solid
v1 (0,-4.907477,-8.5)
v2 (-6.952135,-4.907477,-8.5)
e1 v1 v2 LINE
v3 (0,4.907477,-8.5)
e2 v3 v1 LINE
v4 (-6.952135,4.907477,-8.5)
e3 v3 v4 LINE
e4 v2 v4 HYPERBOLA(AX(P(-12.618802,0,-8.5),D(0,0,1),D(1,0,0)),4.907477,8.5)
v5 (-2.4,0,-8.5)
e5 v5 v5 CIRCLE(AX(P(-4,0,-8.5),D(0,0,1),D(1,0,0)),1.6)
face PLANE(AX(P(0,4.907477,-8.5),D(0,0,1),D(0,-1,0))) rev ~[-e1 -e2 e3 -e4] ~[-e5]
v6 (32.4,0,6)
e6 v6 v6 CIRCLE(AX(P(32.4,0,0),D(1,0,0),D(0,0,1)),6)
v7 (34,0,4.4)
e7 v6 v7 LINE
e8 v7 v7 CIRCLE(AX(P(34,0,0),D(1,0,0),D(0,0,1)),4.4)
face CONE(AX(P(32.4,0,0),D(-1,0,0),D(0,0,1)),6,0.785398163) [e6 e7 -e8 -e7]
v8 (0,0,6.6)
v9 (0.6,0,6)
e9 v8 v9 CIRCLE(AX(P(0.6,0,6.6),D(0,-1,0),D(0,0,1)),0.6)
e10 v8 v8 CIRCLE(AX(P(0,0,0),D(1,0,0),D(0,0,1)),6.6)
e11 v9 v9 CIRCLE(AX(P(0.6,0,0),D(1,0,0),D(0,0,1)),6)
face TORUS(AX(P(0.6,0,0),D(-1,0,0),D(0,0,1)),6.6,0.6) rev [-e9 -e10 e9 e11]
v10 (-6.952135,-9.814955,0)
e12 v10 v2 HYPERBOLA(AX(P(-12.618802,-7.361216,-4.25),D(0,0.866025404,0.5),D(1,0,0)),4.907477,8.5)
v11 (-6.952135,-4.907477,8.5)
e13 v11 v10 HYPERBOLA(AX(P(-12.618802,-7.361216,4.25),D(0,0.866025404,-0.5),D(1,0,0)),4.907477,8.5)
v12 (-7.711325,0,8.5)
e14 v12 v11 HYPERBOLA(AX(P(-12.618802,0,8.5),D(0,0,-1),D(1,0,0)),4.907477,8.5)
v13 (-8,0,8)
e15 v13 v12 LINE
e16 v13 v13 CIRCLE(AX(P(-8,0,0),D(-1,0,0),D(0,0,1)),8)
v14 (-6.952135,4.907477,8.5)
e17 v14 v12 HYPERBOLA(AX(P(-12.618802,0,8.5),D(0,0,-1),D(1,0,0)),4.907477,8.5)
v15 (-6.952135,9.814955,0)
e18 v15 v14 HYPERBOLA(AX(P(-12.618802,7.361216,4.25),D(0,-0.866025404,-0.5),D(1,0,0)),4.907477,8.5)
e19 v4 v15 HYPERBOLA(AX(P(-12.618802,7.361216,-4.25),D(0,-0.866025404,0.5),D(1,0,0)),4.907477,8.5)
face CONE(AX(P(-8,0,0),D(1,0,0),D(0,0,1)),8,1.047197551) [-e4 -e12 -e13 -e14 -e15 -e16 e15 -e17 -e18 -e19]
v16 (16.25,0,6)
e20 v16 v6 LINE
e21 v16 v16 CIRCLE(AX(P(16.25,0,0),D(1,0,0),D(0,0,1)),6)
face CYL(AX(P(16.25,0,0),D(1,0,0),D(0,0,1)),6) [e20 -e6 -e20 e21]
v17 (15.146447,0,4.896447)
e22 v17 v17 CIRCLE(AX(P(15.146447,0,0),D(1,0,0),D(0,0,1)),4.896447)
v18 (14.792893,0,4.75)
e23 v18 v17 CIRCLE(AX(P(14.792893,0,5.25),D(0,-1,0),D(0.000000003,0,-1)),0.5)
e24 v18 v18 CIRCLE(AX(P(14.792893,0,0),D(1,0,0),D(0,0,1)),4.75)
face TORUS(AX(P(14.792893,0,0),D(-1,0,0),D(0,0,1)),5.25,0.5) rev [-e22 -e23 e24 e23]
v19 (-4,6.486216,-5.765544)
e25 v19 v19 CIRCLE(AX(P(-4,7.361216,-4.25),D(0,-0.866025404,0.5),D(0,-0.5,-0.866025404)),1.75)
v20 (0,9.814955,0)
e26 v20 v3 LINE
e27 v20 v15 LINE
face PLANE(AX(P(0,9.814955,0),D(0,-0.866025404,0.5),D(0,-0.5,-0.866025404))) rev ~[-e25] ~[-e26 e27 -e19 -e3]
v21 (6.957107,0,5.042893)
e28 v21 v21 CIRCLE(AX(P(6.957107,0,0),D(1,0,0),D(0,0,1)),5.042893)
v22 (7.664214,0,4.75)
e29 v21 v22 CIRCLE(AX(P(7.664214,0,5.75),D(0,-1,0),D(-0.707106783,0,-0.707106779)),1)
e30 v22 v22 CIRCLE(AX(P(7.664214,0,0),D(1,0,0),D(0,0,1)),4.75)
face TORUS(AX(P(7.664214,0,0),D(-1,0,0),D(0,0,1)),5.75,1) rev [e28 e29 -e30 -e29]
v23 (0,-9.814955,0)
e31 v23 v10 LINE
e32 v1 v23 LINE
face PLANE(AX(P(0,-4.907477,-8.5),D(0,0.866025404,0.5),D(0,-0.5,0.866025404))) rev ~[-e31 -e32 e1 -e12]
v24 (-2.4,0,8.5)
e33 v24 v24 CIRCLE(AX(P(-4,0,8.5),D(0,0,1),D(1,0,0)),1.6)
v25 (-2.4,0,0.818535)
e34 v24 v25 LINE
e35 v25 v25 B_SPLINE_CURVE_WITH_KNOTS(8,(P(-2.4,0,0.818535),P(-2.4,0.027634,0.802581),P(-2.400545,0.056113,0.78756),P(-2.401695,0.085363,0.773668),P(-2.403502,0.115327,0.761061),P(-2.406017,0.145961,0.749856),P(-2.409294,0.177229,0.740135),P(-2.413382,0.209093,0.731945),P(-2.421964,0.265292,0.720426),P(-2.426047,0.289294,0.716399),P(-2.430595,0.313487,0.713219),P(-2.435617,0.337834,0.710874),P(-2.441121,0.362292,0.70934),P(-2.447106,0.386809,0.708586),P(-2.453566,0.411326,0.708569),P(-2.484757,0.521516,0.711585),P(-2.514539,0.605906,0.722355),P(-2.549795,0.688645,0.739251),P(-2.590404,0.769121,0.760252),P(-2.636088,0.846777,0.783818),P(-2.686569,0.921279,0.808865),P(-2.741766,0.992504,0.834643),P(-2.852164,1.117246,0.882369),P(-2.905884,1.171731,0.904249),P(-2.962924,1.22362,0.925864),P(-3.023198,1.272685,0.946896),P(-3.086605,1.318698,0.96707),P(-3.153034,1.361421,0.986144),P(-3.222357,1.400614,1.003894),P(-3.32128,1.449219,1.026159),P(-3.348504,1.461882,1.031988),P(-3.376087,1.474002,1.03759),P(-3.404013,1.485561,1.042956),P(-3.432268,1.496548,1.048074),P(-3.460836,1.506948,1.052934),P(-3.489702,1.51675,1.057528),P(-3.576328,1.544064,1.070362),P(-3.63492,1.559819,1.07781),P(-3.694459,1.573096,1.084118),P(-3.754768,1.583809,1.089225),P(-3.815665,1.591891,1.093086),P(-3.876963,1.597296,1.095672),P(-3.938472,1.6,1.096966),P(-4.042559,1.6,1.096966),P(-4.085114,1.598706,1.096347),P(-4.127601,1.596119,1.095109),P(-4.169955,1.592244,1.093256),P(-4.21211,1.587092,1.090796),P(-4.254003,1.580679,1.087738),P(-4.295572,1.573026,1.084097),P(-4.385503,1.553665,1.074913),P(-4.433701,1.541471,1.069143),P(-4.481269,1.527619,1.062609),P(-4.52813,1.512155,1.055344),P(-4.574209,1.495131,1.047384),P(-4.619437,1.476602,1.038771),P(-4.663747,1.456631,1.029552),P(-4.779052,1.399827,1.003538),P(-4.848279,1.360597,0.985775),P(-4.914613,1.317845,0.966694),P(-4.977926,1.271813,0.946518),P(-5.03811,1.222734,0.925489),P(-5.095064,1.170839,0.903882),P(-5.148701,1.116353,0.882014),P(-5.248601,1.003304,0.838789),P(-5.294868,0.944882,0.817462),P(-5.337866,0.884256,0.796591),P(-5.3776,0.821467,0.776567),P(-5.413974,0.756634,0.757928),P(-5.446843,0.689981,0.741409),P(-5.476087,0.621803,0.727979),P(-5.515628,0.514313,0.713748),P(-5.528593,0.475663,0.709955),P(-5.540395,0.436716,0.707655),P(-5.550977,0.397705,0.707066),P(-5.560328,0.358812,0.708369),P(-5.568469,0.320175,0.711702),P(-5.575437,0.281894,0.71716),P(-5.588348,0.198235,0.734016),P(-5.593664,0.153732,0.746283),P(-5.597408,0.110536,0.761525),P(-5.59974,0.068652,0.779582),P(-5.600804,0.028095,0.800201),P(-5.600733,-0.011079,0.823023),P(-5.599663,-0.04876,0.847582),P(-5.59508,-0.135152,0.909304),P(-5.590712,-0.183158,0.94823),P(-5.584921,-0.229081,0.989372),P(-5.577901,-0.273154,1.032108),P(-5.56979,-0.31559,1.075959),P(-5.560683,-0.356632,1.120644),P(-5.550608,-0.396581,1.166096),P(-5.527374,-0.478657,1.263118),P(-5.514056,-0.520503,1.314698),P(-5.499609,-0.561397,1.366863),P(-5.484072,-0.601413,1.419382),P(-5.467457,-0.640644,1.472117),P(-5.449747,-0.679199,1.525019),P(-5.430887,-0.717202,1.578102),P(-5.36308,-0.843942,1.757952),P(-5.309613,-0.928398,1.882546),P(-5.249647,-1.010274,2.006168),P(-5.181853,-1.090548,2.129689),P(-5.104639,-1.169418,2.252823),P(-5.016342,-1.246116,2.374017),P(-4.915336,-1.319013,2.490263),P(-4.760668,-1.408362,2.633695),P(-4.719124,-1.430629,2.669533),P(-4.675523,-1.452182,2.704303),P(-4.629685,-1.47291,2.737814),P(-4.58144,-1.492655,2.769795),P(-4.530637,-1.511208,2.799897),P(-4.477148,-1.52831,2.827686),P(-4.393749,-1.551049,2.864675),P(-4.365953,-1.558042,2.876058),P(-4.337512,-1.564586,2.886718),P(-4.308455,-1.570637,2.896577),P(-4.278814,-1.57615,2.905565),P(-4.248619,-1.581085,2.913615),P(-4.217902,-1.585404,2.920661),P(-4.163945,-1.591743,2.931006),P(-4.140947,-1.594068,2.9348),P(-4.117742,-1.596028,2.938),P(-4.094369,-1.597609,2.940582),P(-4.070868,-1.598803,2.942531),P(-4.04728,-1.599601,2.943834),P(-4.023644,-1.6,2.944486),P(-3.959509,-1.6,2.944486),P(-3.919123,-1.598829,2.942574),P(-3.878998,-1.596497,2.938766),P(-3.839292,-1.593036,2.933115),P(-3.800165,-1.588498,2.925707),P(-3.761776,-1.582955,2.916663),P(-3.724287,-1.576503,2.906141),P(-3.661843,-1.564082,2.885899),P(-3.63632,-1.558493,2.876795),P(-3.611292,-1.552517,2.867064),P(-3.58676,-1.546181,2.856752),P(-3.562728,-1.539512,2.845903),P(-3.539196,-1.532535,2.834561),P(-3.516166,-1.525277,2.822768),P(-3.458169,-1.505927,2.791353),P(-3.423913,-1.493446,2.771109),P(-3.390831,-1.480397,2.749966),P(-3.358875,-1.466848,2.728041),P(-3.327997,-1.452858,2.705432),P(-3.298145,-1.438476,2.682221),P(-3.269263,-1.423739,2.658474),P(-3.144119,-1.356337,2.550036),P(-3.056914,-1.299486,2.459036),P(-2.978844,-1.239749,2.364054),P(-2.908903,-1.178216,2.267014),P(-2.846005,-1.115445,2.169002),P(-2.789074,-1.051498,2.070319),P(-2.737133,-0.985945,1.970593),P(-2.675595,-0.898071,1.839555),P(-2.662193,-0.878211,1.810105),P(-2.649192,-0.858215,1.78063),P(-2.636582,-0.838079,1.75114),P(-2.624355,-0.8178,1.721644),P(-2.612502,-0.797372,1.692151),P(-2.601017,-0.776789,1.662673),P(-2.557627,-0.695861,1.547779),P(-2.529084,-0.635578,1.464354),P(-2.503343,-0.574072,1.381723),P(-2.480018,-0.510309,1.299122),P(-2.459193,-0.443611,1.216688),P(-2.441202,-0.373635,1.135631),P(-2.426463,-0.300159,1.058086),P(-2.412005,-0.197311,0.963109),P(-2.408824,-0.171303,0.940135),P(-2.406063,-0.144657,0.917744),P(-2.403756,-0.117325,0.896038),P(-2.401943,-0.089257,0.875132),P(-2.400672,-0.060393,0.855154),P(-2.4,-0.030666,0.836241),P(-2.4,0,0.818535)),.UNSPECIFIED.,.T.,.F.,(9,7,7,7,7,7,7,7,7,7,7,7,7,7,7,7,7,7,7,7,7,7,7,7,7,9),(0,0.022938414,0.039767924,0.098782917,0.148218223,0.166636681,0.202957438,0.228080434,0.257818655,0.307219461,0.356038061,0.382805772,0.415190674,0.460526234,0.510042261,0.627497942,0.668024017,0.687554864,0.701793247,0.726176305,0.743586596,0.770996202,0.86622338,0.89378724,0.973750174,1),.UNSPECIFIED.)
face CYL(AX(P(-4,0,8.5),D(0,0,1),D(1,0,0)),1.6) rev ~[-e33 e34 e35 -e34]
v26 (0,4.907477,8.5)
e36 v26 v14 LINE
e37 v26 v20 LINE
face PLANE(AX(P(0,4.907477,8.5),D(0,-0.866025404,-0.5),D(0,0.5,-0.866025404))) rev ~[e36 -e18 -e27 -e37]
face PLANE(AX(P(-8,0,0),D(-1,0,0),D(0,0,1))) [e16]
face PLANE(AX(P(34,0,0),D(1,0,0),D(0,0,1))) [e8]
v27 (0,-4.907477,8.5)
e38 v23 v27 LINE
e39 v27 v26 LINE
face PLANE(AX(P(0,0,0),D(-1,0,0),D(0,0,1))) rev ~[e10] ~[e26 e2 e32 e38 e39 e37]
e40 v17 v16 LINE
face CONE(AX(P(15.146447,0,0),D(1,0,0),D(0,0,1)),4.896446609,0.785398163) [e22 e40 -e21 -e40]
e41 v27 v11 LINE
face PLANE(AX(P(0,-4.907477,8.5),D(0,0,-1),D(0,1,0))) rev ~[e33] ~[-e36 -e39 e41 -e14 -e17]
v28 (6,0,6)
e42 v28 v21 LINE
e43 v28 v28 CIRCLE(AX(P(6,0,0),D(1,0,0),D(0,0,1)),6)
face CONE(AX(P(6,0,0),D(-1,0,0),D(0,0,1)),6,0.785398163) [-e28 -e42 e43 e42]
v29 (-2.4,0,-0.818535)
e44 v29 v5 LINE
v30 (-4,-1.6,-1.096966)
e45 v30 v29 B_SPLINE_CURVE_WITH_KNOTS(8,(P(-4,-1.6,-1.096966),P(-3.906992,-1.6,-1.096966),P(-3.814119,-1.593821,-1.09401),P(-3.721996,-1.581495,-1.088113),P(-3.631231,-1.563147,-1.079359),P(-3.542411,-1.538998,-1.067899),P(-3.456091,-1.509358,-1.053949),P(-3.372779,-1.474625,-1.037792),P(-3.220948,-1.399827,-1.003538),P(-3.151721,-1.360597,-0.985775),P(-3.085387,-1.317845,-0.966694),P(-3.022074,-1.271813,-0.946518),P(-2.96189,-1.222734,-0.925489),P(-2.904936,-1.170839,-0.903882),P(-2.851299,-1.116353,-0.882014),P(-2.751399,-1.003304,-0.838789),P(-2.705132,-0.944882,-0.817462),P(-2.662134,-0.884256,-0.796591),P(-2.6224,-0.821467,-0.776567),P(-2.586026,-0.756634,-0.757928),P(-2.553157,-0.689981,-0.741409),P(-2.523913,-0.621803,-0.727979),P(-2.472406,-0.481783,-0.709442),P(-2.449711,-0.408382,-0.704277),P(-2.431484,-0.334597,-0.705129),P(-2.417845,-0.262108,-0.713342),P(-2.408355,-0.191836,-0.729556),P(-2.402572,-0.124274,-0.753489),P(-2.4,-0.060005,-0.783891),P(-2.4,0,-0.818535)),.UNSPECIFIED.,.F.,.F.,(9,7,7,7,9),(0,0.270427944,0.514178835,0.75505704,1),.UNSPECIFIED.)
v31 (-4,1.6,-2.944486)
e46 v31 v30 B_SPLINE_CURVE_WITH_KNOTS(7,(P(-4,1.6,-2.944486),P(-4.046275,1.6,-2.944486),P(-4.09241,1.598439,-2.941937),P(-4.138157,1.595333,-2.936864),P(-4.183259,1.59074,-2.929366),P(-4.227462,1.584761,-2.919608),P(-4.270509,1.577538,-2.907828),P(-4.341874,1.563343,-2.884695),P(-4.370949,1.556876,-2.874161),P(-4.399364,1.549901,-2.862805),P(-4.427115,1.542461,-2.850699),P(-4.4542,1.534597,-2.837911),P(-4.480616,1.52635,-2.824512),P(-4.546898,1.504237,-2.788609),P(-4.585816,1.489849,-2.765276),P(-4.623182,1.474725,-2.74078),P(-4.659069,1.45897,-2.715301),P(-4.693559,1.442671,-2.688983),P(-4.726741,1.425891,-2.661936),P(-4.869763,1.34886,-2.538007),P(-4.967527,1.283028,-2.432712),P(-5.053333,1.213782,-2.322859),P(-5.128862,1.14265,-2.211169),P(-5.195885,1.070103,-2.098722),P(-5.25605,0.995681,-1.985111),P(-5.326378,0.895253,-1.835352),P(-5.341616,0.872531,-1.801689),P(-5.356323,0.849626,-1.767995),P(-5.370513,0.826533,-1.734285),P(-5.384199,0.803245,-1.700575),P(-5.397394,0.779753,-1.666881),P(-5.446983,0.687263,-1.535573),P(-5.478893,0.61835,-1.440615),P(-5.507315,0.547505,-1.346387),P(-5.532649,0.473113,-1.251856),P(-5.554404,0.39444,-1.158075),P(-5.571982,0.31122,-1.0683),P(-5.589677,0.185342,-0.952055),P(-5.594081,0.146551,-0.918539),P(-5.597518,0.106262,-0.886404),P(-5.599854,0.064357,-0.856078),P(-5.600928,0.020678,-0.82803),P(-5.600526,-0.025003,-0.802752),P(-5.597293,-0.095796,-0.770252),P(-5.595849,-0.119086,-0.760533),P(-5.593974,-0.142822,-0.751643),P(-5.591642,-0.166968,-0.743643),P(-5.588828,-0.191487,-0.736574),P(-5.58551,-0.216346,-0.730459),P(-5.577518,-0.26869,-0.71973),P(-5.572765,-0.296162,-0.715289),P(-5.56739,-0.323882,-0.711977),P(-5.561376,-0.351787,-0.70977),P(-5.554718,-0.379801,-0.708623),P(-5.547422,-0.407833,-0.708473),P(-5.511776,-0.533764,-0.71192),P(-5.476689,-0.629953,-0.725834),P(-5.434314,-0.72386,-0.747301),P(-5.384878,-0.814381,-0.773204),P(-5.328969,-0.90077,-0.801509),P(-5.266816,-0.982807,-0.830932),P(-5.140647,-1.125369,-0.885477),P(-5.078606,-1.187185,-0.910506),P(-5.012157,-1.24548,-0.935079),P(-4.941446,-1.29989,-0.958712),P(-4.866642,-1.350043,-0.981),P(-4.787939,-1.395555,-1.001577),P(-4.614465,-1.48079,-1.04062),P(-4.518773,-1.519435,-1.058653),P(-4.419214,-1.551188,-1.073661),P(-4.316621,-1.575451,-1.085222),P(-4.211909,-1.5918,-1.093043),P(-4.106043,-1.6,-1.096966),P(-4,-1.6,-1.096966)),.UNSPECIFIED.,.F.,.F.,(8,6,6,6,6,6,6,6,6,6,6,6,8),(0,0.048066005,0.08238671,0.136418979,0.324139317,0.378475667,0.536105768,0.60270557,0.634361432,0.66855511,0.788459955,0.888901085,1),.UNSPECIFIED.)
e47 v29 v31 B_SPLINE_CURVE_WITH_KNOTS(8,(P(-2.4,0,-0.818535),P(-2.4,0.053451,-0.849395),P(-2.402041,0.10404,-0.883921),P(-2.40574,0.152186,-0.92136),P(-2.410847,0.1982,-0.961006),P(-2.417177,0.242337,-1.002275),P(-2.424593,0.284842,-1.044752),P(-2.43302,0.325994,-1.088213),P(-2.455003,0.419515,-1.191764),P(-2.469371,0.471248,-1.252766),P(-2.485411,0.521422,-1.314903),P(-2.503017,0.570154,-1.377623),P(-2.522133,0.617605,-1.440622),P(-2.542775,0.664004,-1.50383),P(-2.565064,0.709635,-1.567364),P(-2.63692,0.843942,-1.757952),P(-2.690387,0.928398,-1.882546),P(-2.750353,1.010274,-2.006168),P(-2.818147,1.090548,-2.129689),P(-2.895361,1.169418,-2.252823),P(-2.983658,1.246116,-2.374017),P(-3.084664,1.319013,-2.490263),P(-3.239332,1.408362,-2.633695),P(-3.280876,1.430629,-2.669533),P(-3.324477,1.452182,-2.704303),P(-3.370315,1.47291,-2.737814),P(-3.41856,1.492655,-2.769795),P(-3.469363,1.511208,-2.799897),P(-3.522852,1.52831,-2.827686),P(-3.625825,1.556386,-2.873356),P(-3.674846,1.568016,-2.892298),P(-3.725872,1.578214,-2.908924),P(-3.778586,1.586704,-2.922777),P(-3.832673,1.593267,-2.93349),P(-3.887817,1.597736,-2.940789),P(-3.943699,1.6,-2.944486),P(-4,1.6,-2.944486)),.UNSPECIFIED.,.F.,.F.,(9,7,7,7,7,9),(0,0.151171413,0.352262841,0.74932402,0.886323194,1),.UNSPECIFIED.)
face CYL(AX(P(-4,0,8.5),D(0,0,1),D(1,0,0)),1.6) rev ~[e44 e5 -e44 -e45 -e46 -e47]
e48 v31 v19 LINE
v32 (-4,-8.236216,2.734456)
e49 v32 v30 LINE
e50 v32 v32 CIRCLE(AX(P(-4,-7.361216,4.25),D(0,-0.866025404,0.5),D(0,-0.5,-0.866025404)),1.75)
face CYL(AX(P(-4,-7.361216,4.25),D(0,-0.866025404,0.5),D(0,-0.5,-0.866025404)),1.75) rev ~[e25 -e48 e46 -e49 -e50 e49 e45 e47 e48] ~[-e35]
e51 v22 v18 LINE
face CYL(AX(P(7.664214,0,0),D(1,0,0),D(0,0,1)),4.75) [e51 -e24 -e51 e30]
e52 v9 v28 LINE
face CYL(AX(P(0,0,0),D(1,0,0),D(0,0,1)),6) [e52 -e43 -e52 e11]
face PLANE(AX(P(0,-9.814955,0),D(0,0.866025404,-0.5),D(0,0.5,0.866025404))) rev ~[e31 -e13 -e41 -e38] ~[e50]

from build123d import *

# Parameters (mm, degrees)
EXTRUDE_1_DEPTH     = 8
SKETCH_3_OUTSIDE_W  = 184.626
SKETCH_3_OUTSIDE_H  = 187.256
SKETCH_3_OUTSIDE_R  = 8
CUT_EXTRUDE_1_DEPTH = 44.961157097
CUT_EXTRUDE_1_DRAFT = -60
FILLET_1_R          = 0.6
SKETCH_4_R          = 1.6
CUT_EXTRUDE_2_DEPTH = 40.259818305
SKETCH_5_R          = 1.75
CUT_EXTRUDE_3_DEPTH = 41.169432823


with BuildPart() as part:
    # Эскиз1 → Повернуть1 (revolve)
    with BuildSketch(Plane.XY, mode=Mode.PRIVATE) as revolve_1_sk:
        with BuildLine():
            Line((0, 0), (0, 6))
            Line((0, 6), (6, 6))
            Line((6, 6), (6.957106781, 5.042893219))
            ThreePointArc((6.957106781, 5.042893219), (7.28153013, 4.826120467), (7.664213562, 4.75))
            Line((7.664213562, 4.75), (14.792893219, 4.75))
            ThreePointArc((14.792893219, 4.75), (14.984234935, 4.788060234), (15.146446609, 4.896446609))
            Line((15.146446609, 4.896446609), (16.25, 6))
            Line((16.25, 6), (32.4, 6))
            Line((32.4, 6), (34, 4.4))
            Line((34, 4.4), (34, 0))
            Line((34, 0), (0, 0))
        make_face()
    revolve(revolve_1_sk.sketch.rotate(Axis((0, 0, 0), (1, 0, 0)), 90), axis=Axis((0, 0, 0), (1, 0, 0)))

    # Эскиз2 → Бобышка-Вытянуть1 (add)
    with BuildSketch(Plane.ZY):
        Polygon((0, -9.814954576), (8.5, -4.907477288), (8.5, 4.907477288), (0, 9.814954576), (-8.5, 4.907477288), (-8.5, -4.907477288), align=None)
    extrude(amount=EXTRUDE_1_DEPTH)


with BuildPart() as cut_extrude_1_tool:
    # Эскиз3 outside → Вырез-Вытянуть1 (with draft: the straight prism first)
    with BuildSketch(Plane.ZY.offset(8)):
        Rectangle(SKETCH_3_OUTSIDE_W, SKETCH_3_OUTSIDE_H)
        Circle(SKETCH_3_OUTSIDE_R, mode=Mode.SUBTRACT)
    extrude(amount=-CUT_EXTRUDE_1_DEPTH)
    # Вырез-Вытянуть1: the draft: its side faces are tilted about the plane it starts from
    cut_extrude_1_sides = [cut_extrude_1_tool.faces().sort_by_distance(p)[0] for p in [
        (14.480578549, -93.628, 0),
        (14.480578549, 0, 92.313),
        (14.480578549, 93.628, 0),
        (14.480578549, 0, -92.313),
        (14.480578549, 0, -8),
    ]]
    draft(cut_extrude_1_sides, Plane.ZY.offset(8), CUT_EXTRUDE_1_DRAFT)


with BuildPart() as part_1:
    add(part.part)

    # Вырез-Вытянуть1: cut by cut_extrude_1_tool
    add(cut_extrude_1_tool.part, mode=Mode.SUBTRACT)

    # Скругление1
    fillet_1_edges = [part_1.edges().sort_by_distance(p)[0] for p in [
        (0, 0, -6),
    ]]
    fillet(fillet_1_edges, radius=FILLET_1_R)

    # Эскиз4 → Вырез-Вытянуть2 (cut, through all)
    with BuildSketch(Plane.XY.offset(8.5)):
        with Locations((-4, 0)):
            Circle(SKETCH_4_R)
    extrude(amount=-CUT_EXTRUDE_2_DEPTH, mode=Mode.SUBTRACT)

    # Эскиз5 → Вырез-Вытянуть3 (cut, through all)
    with BuildSketch(Plane(origin=(0, -7.361215932, 4.25), x_dir=(1, 0, 0), z_dir=(0, -0.8660254037844384, 0.5000000000000003))):
        with Locations(Location((-4, 0, 0), (0, 0, 270))):
            Circle(SKETCH_5_R)
    extrude(amount=-CUT_EXTRUDE_3_DEPTH, mode=Mode.SUBTRACT)


solid = part_1.part
